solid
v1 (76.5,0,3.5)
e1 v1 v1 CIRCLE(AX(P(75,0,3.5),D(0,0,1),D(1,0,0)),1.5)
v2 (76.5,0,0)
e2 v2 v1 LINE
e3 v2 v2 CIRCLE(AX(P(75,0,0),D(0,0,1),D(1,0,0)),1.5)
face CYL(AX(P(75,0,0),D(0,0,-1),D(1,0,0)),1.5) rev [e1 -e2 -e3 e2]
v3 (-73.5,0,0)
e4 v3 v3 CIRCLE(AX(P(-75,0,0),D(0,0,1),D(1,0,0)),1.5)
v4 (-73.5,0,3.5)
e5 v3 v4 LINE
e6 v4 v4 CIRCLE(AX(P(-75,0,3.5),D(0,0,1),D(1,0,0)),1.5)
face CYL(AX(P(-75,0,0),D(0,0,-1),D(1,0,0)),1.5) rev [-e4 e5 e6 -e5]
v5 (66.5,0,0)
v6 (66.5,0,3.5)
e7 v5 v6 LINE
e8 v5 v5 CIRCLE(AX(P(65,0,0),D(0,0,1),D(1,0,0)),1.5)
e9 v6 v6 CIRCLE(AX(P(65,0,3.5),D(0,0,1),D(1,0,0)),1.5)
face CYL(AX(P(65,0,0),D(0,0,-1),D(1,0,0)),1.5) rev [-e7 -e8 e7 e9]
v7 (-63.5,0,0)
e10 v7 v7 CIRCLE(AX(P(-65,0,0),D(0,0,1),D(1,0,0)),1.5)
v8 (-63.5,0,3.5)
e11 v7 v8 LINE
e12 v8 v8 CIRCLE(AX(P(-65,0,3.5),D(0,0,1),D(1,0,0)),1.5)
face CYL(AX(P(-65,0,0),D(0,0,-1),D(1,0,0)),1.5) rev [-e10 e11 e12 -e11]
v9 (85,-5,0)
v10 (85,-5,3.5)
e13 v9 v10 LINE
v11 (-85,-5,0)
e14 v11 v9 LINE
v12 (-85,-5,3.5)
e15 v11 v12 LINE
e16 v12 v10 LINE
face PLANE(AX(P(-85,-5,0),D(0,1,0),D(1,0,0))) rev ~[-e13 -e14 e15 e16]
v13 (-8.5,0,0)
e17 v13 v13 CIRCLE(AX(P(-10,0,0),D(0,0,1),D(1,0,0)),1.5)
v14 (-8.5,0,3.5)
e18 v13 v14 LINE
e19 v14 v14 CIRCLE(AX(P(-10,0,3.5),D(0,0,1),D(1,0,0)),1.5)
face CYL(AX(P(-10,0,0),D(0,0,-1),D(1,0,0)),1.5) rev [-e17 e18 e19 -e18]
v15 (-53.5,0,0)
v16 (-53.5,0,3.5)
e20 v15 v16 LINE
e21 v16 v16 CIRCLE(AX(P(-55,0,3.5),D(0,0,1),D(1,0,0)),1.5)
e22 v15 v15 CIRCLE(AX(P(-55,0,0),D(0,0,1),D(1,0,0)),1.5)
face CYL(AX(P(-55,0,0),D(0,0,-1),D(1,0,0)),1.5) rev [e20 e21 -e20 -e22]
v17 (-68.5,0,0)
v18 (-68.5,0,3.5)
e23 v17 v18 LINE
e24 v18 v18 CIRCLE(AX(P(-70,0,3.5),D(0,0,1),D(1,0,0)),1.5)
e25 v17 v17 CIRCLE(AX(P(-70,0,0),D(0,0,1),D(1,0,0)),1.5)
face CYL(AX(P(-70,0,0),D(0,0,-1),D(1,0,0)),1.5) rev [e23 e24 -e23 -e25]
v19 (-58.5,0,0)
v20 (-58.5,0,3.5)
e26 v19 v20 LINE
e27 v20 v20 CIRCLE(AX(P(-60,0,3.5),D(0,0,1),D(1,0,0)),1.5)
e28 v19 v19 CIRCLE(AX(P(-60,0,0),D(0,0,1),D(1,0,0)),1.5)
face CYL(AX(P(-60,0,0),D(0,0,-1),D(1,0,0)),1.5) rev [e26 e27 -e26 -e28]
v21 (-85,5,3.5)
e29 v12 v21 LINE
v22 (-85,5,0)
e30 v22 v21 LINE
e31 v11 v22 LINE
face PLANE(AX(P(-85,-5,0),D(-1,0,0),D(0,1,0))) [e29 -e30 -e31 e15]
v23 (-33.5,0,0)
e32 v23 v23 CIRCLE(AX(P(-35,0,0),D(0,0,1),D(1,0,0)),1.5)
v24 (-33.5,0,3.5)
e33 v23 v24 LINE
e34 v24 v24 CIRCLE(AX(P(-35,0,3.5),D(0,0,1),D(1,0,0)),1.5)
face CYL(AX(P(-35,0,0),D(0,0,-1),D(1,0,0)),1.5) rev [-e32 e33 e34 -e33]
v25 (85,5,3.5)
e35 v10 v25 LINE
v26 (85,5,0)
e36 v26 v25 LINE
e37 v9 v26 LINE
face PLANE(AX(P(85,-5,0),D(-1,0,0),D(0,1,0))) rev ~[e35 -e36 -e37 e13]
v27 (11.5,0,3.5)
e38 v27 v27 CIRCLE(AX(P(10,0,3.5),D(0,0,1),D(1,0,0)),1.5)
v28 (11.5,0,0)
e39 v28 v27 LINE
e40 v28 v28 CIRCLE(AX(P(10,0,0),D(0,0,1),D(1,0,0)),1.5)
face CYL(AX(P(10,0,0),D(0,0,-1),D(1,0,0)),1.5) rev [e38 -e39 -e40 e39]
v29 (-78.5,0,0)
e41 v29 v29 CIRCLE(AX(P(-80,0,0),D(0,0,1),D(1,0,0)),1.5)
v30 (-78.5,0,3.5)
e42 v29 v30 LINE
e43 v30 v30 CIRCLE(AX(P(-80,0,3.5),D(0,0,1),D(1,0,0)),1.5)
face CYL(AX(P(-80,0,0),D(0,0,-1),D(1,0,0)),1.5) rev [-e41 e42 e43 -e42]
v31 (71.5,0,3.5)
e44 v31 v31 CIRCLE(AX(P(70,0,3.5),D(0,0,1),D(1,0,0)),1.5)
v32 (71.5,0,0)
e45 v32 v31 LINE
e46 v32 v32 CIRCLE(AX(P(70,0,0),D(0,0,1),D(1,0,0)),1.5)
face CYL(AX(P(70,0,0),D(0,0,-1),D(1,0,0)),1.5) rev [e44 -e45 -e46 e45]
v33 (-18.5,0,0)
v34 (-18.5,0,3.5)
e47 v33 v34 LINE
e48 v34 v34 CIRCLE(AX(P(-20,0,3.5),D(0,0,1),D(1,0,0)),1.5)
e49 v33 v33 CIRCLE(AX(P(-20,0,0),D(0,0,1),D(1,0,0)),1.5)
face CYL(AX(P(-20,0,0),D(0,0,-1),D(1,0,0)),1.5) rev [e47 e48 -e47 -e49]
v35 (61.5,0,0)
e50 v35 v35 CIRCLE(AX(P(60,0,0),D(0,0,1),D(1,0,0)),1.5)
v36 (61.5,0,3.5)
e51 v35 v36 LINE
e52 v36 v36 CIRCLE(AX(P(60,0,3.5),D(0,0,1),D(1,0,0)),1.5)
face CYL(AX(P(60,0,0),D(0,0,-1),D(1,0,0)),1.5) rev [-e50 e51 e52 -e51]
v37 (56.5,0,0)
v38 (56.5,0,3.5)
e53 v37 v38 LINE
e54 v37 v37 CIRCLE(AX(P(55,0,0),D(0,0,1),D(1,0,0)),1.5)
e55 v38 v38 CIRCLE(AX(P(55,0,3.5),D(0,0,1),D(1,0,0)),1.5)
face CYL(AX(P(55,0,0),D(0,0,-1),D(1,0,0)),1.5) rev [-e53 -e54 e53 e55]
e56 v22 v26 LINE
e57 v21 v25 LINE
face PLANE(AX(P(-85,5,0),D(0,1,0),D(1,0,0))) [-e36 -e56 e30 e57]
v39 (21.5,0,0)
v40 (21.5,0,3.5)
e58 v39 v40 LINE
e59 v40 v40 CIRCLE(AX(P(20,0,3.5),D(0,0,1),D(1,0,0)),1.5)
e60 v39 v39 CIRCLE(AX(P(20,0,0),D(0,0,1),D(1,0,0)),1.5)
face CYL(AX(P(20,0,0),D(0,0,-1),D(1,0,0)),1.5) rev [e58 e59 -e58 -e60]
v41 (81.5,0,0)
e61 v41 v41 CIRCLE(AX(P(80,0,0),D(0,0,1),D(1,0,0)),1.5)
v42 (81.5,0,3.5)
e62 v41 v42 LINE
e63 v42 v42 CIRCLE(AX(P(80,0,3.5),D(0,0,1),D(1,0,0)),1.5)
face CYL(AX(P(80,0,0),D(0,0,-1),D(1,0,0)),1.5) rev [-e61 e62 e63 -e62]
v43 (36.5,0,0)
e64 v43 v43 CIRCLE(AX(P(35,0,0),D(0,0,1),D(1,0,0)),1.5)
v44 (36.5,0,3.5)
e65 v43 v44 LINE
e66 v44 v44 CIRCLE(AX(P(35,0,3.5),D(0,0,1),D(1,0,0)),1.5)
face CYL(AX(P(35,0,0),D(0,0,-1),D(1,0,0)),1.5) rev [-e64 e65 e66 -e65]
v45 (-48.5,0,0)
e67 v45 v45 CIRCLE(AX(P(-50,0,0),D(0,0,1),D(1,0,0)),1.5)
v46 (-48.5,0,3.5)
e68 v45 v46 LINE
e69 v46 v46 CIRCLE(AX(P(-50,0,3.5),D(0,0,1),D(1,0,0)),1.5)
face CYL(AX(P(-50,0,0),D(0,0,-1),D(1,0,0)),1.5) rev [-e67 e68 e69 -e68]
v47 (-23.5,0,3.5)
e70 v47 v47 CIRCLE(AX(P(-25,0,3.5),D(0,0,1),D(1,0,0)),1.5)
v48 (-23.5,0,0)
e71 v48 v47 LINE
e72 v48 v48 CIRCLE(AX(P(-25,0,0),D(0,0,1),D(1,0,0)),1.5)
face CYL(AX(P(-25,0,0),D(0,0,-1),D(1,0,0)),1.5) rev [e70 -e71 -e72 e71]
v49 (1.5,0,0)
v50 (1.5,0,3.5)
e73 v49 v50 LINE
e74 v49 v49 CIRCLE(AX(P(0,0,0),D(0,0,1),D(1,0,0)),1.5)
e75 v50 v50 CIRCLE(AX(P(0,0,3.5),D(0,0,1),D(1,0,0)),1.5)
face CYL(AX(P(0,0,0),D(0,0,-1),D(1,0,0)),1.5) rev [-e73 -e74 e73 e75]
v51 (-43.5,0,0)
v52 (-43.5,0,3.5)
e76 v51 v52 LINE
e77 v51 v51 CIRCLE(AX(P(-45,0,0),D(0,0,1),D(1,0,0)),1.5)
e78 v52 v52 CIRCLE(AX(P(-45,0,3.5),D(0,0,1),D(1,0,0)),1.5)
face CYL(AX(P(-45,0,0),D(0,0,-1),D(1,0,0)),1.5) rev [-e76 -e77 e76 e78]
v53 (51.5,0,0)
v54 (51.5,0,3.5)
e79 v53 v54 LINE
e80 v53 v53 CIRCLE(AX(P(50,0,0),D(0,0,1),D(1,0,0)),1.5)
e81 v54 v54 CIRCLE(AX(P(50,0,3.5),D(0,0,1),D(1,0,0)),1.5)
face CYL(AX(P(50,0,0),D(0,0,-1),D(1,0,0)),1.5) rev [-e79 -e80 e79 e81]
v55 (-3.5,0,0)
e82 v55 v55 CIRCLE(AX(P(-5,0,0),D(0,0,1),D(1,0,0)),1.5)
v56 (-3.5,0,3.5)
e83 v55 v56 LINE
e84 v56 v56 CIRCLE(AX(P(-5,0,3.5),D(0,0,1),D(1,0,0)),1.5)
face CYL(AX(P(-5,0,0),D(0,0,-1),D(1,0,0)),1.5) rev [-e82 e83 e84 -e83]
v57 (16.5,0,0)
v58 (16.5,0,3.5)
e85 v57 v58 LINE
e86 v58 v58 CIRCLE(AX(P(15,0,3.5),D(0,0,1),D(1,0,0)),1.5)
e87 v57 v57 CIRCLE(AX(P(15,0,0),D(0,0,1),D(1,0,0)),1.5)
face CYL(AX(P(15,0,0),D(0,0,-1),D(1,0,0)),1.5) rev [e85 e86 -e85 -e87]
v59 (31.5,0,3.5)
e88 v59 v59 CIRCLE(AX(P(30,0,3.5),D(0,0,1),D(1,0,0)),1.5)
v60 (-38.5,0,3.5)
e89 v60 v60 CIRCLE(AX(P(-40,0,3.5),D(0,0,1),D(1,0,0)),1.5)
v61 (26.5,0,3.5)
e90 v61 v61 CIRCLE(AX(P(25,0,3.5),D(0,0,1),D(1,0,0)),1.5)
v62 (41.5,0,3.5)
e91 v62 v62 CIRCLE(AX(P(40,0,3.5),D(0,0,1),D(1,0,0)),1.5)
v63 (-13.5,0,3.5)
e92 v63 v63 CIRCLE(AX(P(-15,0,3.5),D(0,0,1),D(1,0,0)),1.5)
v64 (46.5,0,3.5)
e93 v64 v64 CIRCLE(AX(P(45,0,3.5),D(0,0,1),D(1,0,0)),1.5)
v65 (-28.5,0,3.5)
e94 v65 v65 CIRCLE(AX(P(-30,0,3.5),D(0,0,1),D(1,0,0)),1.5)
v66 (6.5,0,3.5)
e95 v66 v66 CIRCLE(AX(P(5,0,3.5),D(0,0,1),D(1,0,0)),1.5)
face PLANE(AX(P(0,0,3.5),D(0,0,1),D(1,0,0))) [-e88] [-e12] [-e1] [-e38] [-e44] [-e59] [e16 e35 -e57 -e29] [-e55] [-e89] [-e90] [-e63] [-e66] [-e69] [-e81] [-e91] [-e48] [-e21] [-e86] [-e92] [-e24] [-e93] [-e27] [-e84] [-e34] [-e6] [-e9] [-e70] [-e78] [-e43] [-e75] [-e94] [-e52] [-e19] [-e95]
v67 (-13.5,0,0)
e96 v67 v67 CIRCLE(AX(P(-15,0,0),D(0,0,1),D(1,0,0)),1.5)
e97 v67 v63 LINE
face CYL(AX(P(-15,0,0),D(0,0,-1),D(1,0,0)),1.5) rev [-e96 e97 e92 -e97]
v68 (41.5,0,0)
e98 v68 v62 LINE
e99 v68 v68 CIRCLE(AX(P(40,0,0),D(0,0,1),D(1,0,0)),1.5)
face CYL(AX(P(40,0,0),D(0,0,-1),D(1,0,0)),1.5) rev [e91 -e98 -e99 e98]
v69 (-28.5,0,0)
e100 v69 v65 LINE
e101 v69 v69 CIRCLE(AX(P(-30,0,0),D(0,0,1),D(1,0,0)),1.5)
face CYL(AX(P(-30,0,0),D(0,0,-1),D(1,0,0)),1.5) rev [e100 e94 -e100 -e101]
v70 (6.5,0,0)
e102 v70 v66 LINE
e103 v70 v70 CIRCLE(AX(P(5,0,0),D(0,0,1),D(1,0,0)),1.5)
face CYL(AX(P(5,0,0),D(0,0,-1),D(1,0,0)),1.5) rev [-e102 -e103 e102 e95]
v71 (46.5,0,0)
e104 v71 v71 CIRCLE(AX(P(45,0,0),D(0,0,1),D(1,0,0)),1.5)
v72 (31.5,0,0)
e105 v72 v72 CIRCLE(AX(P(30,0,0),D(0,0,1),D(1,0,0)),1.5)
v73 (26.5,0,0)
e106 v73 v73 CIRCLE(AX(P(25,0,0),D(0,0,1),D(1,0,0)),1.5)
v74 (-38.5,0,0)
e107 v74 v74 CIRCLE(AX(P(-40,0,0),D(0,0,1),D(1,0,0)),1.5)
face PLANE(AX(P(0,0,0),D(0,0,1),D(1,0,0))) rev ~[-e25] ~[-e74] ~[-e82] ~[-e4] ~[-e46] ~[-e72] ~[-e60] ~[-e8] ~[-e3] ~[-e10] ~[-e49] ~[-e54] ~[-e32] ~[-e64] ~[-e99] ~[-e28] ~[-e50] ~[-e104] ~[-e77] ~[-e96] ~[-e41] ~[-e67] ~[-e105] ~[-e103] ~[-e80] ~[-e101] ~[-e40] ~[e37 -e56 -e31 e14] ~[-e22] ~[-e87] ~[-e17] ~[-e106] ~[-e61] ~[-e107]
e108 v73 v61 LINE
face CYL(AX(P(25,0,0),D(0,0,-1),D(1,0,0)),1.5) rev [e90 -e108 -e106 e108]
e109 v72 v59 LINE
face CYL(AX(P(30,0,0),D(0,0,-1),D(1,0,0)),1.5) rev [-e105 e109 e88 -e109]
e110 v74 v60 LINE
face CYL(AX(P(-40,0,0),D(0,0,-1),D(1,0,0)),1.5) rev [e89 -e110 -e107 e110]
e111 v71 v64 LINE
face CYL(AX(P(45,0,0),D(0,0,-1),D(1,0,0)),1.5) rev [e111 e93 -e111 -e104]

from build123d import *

# Parameters (mm, degrees)
F0_W     = 170
F0_H     = 10
F0_R     = 1.5
F1_DEPTH = 3.5


with BuildPart() as f1:
    # F0 (on Top) → F1 (new body)
    with BuildSketch(Plane.XY):
        Rectangle(F0_W, F0_H)
        with Locations((-80, 0)):
            Circle(F0_R, mode=Mode.SUBTRACT)
        with Locations((-75, 0)):
            Circle(F0_R, mode=Mode.SUBTRACT)
        with Locations((-70, 0)):
            Circle(F0_R, mode=Mode.SUBTRACT)
        with Locations((-65, 0)):
            Circle(F0_R, mode=Mode.SUBTRACT)
        with Locations((-60, 0)):
            Circle(F0_R, mode=Mode.SUBTRACT)
        with Locations((-55, 0)):
            Circle(F0_R, mode=Mode.SUBTRACT)
        with Locations((-50, 0)):
            Circle(F0_R, mode=Mode.SUBTRACT)
        with Locations((-45, 0)):
            Circle(F0_R, mode=Mode.SUBTRACT)
        with Locations((-40, 0)):
            Circle(F0_R, mode=Mode.SUBTRACT)
        with Locations((-35, 0)):
            Circle(F0_R, mode=Mode.SUBTRACT)
        with Locations((-30, 0)):
            Circle(F0_R, mode=Mode.SUBTRACT)
        with Locations((-25, 0)):
            Circle(F0_R, mode=Mode.SUBTRACT)
        with Locations((-20, 0)):
            Circle(F0_R, mode=Mode.SUBTRACT)
        with Locations((-15, 0)):
            Circle(F0_R, mode=Mode.SUBTRACT)
        with Locations((-10, 0)):
            Circle(F0_R, mode=Mode.SUBTRACT)
        with Locations((-5, 0)):
            Circle(F0_R, mode=Mode.SUBTRACT)
        Circle(F0_R, mode=Mode.SUBTRACT)
        with Locations((5, 0)):
            Circle(F0_R, mode=Mode.SUBTRACT)
        with Locations((10, 0)):
            Circle(F0_R, mode=Mode.SUBTRACT)
        with Locations((15, 0)):
            Circle(F0_R, mode=Mode.SUBTRACT)
        with Locations((20, 0)):
            Circle(F0_R, mode=Mode.SUBTRACT)
        with Locations((25, 0)):
            Circle(F0_R, mode=Mode.SUBTRACT)
        with Locations((30, 0)):
            Circle(F0_R, mode=Mode.SUBTRACT)
        with Locations((35, 0)):
            Circle(F0_R, mode=Mode.SUBTRACT)
        with Locations((40, 0)):
            Circle(F0_R, mode=Mode.SUBTRACT)
        with Locations((45, 0)):
            Circle(F0_R, mode=Mode.SUBTRACT)
        with Locations((50, 0)):
            Circle(F0_R, mode=Mode.SUBTRACT)
        with Locations((55, 0)):
            Circle(F0_R, mode=Mode.SUBTRACT)
        with Locations((60, 0)):
            Circle(F0_R, mode=Mode.SUBTRACT)
        with Locations((65, 0)):
            Circle(F0_R, mode=Mode.SUBTRACT)
        with Locations((70, 0)):
            Circle(F0_R, mode=Mode.SUBTRACT)
        with Locations((75, 0)):
            Circle(F0_R, mode=Mode.SUBTRACT)
        with Locations((80, 0)):
            Circle(F0_R, mode=Mode.SUBTRACT)
    extrude(amount=F1_DEPTH)


solid = f1.part
